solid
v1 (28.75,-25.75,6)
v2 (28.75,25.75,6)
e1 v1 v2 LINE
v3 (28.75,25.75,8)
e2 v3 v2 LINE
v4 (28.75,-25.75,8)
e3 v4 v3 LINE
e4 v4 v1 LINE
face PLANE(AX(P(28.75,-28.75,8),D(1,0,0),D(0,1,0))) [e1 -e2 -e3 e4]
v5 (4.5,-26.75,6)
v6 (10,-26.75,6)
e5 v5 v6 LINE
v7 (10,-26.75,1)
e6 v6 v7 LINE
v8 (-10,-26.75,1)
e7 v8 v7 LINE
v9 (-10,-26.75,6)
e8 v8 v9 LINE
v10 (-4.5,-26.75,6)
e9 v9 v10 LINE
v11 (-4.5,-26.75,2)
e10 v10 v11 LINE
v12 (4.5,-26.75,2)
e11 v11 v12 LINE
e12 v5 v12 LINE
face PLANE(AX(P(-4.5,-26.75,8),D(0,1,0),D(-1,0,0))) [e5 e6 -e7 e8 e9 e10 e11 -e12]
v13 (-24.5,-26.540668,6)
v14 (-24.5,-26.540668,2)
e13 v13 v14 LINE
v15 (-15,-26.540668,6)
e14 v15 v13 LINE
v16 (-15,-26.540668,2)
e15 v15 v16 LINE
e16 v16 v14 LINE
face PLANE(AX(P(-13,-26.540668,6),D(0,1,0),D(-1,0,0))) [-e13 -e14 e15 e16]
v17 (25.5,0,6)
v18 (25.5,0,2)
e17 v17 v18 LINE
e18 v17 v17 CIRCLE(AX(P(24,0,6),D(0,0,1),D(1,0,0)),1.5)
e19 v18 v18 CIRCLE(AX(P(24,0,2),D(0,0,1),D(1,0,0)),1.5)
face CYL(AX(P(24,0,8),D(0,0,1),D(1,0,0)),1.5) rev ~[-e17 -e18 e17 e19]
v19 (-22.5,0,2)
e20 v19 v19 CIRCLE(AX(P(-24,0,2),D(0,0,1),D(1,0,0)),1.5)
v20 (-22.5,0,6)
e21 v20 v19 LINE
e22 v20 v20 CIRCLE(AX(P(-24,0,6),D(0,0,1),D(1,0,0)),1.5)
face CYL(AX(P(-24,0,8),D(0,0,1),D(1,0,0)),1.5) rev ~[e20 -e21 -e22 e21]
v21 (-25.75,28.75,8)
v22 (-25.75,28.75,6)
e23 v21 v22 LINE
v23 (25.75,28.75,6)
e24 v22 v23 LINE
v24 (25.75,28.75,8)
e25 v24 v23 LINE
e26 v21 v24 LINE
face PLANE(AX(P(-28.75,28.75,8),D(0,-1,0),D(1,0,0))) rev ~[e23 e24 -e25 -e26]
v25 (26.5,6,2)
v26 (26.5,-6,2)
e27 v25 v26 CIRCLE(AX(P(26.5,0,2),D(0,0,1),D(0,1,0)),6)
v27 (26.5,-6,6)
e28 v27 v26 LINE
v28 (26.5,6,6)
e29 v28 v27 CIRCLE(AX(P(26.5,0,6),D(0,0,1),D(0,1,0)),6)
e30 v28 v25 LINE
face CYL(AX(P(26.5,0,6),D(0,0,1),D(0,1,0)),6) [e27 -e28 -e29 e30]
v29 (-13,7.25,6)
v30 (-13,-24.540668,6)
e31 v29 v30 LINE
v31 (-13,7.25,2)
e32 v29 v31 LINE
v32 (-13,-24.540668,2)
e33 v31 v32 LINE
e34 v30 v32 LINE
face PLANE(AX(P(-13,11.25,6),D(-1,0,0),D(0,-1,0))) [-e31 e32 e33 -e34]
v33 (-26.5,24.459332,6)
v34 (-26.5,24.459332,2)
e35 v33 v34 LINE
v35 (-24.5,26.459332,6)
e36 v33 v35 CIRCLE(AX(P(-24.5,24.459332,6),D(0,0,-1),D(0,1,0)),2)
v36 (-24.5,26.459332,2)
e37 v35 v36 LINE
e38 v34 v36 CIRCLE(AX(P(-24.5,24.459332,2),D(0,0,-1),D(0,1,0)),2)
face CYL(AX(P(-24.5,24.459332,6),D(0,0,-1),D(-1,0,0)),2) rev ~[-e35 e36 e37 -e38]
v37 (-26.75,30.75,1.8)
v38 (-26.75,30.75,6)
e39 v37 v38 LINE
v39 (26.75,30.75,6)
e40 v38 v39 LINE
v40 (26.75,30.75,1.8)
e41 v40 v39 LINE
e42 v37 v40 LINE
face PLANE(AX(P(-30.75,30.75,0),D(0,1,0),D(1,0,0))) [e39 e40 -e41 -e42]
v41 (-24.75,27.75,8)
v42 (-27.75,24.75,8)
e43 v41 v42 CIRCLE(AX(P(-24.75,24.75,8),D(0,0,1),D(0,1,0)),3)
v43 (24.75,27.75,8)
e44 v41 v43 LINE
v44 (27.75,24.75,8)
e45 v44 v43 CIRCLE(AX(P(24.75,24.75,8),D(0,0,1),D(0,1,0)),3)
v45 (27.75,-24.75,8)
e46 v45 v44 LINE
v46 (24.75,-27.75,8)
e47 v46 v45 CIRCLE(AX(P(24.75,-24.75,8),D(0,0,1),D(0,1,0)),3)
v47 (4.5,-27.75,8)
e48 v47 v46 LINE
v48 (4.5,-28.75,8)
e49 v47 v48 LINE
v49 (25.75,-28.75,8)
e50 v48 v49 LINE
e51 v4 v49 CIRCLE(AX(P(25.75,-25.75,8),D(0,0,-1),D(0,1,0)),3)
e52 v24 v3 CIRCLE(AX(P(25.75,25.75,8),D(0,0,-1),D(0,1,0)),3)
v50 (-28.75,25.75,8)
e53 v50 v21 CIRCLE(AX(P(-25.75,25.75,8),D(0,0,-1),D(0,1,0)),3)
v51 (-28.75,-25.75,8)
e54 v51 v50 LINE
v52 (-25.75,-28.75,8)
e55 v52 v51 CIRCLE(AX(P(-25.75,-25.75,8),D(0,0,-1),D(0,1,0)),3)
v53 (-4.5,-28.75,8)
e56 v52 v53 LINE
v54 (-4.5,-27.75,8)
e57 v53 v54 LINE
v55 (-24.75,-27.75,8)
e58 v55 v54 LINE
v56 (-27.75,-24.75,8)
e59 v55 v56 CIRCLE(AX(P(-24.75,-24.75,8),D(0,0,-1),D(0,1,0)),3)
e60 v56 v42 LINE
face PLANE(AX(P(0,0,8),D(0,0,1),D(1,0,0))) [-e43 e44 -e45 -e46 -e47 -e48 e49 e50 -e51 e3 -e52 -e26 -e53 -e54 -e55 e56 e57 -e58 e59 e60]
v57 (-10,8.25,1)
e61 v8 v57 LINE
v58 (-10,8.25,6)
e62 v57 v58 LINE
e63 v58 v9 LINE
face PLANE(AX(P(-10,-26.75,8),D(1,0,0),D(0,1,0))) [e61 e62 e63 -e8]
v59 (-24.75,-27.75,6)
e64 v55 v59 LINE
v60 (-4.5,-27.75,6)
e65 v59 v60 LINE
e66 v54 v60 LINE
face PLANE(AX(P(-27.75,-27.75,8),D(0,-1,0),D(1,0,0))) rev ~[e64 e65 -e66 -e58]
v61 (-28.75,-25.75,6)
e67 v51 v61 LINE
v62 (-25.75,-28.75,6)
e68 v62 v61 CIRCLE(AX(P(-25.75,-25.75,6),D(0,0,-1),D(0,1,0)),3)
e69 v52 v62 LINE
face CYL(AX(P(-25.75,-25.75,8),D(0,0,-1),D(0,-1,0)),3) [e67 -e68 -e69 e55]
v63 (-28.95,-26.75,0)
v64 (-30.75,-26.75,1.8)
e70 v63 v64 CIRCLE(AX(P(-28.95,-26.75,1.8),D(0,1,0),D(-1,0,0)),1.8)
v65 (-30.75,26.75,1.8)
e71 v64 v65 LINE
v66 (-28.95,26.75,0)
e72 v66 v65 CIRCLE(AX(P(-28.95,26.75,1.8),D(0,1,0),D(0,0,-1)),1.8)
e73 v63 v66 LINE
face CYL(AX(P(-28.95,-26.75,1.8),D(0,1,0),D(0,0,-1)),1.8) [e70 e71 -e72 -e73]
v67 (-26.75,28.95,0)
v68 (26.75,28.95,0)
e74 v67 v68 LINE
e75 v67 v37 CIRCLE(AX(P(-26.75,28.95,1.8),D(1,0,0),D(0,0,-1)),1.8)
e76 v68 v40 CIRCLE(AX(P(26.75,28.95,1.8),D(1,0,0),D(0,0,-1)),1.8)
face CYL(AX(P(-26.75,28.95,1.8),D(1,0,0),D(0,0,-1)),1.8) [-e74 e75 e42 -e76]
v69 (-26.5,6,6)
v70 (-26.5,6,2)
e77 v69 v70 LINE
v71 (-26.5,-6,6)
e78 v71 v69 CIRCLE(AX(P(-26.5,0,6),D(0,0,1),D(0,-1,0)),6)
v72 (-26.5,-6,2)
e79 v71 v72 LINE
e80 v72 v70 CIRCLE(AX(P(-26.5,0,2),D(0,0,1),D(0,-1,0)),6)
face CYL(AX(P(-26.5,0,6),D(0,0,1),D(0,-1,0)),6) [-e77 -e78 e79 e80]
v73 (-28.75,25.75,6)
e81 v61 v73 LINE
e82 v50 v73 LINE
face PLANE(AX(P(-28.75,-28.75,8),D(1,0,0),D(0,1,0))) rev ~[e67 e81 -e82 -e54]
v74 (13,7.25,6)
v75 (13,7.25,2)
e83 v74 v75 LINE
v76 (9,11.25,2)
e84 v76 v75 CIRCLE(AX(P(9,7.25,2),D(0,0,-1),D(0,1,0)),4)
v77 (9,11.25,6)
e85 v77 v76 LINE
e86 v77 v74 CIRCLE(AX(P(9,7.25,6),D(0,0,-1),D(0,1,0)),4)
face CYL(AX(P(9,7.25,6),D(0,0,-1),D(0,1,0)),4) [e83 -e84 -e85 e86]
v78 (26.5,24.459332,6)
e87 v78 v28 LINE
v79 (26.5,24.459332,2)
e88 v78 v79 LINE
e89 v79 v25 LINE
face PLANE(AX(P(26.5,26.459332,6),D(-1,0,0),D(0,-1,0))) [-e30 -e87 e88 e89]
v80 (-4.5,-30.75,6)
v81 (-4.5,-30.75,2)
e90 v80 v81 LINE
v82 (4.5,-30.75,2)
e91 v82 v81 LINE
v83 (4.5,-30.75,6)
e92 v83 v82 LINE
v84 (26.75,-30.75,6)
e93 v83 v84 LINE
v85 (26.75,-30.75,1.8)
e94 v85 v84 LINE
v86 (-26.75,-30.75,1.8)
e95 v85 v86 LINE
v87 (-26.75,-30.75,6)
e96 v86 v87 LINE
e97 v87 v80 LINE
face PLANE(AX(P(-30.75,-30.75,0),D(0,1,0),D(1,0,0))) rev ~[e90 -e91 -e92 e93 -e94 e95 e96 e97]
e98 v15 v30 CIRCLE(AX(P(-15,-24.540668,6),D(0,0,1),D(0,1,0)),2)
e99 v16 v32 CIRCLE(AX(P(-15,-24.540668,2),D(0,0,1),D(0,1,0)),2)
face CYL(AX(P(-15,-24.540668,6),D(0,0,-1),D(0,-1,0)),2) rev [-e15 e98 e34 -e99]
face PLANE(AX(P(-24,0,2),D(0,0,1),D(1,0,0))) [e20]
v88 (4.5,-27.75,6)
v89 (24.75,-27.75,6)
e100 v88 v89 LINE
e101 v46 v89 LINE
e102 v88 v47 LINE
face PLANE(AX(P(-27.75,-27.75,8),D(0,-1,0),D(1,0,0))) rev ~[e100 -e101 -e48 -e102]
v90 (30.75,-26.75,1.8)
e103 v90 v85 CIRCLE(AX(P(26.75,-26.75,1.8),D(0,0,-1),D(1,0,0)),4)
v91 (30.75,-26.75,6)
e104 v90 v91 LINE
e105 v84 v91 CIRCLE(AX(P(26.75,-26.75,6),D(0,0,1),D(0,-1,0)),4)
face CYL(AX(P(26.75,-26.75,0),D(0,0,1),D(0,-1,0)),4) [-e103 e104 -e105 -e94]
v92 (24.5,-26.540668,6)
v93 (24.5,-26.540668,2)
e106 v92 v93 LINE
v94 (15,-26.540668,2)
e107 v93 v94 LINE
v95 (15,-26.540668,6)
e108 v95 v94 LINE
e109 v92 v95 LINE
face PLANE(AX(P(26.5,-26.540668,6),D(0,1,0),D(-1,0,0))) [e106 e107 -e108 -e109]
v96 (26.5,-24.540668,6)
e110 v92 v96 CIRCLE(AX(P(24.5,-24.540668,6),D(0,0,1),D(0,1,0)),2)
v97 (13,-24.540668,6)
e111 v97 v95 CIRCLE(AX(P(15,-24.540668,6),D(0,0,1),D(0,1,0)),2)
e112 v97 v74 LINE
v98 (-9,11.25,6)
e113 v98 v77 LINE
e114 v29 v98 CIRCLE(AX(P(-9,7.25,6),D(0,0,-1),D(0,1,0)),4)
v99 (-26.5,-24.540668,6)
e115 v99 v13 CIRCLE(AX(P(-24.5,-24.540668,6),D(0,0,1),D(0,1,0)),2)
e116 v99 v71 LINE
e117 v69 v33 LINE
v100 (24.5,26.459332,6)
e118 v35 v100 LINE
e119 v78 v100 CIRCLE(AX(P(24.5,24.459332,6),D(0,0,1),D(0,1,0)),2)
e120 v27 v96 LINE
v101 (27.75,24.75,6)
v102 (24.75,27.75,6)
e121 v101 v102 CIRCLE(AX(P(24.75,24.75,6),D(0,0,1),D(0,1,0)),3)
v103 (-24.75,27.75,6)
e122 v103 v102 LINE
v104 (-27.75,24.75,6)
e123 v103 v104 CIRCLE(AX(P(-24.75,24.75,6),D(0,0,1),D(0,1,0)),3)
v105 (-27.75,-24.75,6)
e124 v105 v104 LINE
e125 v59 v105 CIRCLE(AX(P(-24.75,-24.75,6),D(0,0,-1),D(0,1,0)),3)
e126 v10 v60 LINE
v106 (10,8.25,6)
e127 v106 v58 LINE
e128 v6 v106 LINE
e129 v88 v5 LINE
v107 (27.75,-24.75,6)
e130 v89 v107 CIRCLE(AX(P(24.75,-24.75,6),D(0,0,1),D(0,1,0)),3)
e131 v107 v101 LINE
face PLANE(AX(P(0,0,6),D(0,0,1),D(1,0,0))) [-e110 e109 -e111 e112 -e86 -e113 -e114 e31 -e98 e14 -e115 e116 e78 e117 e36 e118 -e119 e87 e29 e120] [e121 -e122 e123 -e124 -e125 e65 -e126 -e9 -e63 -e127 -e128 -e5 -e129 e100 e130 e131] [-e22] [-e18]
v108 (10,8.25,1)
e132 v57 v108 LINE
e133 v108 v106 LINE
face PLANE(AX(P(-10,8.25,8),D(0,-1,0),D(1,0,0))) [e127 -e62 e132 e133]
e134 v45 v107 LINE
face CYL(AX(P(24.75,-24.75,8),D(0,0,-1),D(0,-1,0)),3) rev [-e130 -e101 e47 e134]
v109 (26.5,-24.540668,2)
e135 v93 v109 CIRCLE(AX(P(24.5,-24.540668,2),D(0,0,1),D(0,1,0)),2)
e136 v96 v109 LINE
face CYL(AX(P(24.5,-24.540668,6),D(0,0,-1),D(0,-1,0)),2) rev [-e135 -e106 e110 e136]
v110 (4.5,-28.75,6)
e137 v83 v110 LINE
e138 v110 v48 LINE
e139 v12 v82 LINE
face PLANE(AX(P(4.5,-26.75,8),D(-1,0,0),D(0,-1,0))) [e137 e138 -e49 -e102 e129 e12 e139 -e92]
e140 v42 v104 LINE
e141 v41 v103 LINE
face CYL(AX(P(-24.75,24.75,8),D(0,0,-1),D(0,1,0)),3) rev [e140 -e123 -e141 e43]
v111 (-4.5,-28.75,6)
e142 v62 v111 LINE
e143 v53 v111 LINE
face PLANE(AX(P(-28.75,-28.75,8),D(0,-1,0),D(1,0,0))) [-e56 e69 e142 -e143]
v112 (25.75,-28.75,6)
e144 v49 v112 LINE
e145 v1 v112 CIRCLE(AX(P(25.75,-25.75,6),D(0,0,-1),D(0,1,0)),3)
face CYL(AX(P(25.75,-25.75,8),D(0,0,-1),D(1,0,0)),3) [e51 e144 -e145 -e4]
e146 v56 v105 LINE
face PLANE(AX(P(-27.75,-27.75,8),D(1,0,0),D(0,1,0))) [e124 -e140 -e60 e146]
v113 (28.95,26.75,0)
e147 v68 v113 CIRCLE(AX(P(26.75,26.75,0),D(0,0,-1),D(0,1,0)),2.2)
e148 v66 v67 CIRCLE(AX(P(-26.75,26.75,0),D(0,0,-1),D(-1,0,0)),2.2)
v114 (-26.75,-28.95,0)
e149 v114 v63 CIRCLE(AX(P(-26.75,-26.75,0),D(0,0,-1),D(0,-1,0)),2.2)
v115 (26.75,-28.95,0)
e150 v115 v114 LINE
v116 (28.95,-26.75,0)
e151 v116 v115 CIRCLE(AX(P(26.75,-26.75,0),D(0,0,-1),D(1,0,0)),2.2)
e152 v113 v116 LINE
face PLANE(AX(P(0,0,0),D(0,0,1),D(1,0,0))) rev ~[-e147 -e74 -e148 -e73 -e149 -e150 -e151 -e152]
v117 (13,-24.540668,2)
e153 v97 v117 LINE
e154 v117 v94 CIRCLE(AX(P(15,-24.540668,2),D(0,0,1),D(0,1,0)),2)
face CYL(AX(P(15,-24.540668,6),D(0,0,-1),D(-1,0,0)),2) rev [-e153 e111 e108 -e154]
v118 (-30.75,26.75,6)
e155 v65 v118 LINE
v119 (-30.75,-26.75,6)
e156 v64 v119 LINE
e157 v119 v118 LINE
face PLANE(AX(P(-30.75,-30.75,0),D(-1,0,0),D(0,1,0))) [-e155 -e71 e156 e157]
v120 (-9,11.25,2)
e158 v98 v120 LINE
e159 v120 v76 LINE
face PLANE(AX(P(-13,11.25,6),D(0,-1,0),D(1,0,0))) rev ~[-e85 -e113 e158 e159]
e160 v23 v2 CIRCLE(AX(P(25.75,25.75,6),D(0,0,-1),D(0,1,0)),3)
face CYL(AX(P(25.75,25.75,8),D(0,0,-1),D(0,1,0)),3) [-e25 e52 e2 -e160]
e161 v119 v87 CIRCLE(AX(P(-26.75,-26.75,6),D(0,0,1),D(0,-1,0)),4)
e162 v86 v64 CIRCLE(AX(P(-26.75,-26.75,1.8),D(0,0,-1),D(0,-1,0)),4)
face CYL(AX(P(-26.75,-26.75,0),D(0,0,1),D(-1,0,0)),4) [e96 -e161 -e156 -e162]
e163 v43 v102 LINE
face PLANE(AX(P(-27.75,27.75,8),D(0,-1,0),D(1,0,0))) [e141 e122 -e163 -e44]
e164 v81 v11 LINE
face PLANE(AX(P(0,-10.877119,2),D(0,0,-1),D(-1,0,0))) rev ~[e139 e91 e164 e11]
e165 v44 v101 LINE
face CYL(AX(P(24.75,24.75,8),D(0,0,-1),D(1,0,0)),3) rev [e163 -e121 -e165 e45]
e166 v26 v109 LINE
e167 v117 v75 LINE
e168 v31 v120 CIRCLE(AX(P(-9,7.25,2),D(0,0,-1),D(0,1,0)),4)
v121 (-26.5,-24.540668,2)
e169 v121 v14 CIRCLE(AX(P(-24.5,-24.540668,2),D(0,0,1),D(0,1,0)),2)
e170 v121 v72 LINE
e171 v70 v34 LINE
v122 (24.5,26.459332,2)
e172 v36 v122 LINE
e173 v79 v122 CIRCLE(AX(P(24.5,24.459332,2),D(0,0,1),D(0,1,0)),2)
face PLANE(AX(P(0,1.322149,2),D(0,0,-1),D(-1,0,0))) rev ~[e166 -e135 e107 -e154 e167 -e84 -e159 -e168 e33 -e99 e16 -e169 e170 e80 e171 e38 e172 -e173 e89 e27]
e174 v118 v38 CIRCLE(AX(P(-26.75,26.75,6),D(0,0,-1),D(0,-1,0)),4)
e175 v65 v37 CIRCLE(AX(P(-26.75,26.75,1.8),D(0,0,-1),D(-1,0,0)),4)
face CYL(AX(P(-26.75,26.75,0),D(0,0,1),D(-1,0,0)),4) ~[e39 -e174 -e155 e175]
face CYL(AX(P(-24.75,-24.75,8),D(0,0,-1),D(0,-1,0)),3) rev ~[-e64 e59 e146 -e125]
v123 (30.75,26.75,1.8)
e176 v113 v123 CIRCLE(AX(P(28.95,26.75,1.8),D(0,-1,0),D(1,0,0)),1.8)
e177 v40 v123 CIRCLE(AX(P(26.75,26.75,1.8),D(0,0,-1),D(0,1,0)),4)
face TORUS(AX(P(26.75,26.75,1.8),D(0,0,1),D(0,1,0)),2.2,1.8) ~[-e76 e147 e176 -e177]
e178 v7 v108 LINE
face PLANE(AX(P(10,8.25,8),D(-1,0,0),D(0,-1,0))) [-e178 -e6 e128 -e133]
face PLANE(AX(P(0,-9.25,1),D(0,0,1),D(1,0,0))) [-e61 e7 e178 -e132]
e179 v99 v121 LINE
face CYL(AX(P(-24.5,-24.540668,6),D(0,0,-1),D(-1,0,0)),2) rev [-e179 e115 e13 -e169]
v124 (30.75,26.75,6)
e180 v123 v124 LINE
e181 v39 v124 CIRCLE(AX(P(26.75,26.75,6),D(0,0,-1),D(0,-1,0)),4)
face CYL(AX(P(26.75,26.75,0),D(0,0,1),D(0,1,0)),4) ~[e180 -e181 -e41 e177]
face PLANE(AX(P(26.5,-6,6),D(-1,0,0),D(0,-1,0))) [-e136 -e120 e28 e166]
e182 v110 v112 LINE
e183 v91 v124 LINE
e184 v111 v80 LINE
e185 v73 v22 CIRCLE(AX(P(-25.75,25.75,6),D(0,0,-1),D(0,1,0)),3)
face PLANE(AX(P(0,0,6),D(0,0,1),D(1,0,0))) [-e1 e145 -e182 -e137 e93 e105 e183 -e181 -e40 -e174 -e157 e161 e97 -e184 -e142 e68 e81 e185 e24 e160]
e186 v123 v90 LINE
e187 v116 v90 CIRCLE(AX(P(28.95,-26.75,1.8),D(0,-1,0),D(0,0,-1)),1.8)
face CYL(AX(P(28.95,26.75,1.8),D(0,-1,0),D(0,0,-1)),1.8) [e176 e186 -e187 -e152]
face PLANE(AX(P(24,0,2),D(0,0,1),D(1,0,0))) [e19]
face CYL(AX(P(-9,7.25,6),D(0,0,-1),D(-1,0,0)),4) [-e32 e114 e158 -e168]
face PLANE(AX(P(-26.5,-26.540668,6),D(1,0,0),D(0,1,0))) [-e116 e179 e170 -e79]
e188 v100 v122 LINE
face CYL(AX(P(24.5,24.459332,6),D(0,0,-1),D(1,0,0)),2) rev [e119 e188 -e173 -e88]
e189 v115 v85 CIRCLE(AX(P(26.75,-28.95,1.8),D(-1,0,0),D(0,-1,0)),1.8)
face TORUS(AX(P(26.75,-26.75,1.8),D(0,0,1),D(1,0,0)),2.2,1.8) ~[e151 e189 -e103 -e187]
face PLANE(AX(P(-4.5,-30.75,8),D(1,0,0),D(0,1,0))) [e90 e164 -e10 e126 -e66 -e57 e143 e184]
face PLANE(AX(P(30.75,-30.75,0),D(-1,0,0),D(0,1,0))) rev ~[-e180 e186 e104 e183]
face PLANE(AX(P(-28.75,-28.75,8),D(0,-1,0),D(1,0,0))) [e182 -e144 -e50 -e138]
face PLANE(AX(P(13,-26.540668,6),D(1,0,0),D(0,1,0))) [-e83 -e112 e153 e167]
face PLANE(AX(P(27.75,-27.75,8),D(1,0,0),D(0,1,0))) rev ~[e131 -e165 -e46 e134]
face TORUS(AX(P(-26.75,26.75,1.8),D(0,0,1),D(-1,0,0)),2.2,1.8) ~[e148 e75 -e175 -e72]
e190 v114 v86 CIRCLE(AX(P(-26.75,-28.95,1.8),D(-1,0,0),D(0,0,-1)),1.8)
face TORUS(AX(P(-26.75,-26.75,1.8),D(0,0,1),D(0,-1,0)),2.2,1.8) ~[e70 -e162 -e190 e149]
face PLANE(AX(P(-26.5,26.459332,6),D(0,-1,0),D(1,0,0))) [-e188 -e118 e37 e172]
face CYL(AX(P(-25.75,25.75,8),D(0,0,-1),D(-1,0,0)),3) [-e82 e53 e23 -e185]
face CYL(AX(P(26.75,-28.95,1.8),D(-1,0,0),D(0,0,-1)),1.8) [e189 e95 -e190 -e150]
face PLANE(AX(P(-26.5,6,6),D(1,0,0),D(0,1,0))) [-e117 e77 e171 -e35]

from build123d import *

# Parameters (mm, degrees)
SKETCH_W        = 61.5
SKETCH_H        = 61.5
PAD_DEPTH       = 8
SKETCH001_R     = 1.5
POCKET_DEPTH    = 6
SKETCH002_W     = 61.5
SKETCH002_H     = 61.5
SKETCH002_W_2   = 57.5
SKETCH002_H_2   = 57.5
POCKET001_DEPTH = 2
SKETCH003_W     = 55.5
SKETCH003_H     = 55.5
POCKET002_DEPTH = 2
FILLET_R        = 4
FILLET001_R     = 3
SKETCH004_W     = 20
SKETCH004_H     = 35
POCKET003_DEPTH = 1
POCKET004_DEPTH = 4
FILLET002_R     = 2
FILLET003_R     = 4
FILLET004_R     = 1.8


with BuildPart() as part:
    # Sketch → Pad (new body)
    with BuildSketch(Plane.XY):
        Rectangle(SKETCH_W, SKETCH_H)
    extrude(amount=PAD_DEPTH)

    # Sketch001 (on Face6 of Pad) → Pocket (cut)
    with BuildSketch(Plane.XY.offset(8)):
        with Locations((-24, 0)):
            Circle(SKETCH001_R)
        with Locations((24, 0)):
            Circle(SKETCH001_R)
        Polygon((-10, 8.25), (10, 8.25), (10, -26.75), (4.5, -26.75), (4.5, -30.75), (-4.5, -30.75), (-4.5, -26.75), (-10, -26.75), align=None)
    extrude(amount=-POCKET_DEPTH, mode=Mode.SUBTRACT)

    # Sketch002 (on Face5 of Pocket) → Pocket001 (cut)
    with BuildSketch(Plane.XY.offset(8)):
        Rectangle(SKETCH002_W, SKETCH002_H)
        Rectangle(SKETCH002_W_2, SKETCH002_H_2, mode=Mode.SUBTRACT)
    extrude(amount=-POCKET001_DEPTH, mode=Mode.SUBTRACT)

    # Sketch003 (on Face15 of Pocket001) → Pocket002 (cut)
    with BuildSketch(Plane.XY.offset(8)):
        Rectangle(SKETCH003_W, SKETCH003_H)
    extrude(amount=-POCKET002_DEPTH, mode=Mode.SUBTRACT)

    # Fillet
    fillet_edges = [part.edges().sort_by_distance(p)[0] for p in [
        (-30.75, -30.75, 3),
        (30.75, -30.75, 3),
        (-30.75, 30.75, 3),
        (30.75, 30.75, 3),
    ]]
    fillet(fillet_edges, radius=FILLET_R)

    # Fillet001
    fillet001_edges = [part.edges().sort_by_distance(p)[0] for p in [
        (28.75, -28.75, 7),
        (28.75, 28.75, 7),
        (-28.75, -28.75, 7),
        (-28.75, 28.75, 7),
        (27.75, 27.75, 7),
        (-27.75, 27.75, 7),
        (-27.75, -27.75, 7),
        (27.75, -27.75, 7),
    ]]
    fillet(fillet001_edges, radius=FILLET001_R)

    # Sketch004 (on Face25 of Fillet001) → Pocket003 (cut)
    with BuildSketch(Plane.XY.offset(2)):
        with Locations((0, -9.25)):
            Rectangle(SKETCH004_W, SKETCH004_H)
    extrude(amount=-POCKET003_DEPTH, mode=Mode.SUBTRACT)

    # Sketch005 (on Face23 of Pocket003) → Pocket004 (cut)
    with BuildSketch(Plane.XY.offset(6)):
        with BuildLine():
            Line((-26.5, 26.459332), (26.5, 26.459332))
            Line((26.5, 26.459332), (26.5, 6))
            ThreePointArc((26.5, 6), (20.5, 0), (26.5, -6))
            Line((26.5, -6), (26.5, -26.540668))
            Line((26.5, -26.540668), (13, -26.540668))
            Line((13, -26.540668), (13, 11.25))
            Line((-13, 11.25), (13, 11.25))
            Line((-13, 11.25), (-13, -26.540668))
            Line((-13, -26.540668), (-26.5, -26.540668))
            Line((-26.5, -26.540668), (-26.5, -6))
            ThreePointArc((-26.5, -6), (-20.5, 0), (-26.5, 6))
            Line((-26.5, 6), (-26.5, 26.459332))
        make_face()
    extrude(amount=-POCKET004_DEPTH, mode=Mode.SUBTRACT)

    # Fillet002
    fillet002_edges = [part.edges().sort_by_distance(p)[0] for p in [
        (-26.5, 26.459332, 4),
        (26.5, 26.459332, 4),
        (-26.5, -26.540668, 4),
        (26.5, -26.540668, 4),
        (-13, -26.540668, 4),
        (13, -26.540668, 4),
    ]]
    fillet(fillet002_edges, radius=FILLET002_R)

    # Fillet003
    fillet003_edges = [part.edges().sort_by_distance(p)[0] for p in [
        (13, 11.25, 4),
        (-13, 11.25, 4),
    ]]
    fillet(fillet003_edges, radius=FILLET003_R)

    # Fillet004
    fillet004_edges = [part.edges().sort_by_distance(p)[0] for p in [
        (0, 30.75, 0),
        (-29.578427, 29.578427, 0),
        (29.578427, 29.578427, 0),
        (-30.75, 0, 0),
        (30.75, 0, 0),
        (-29.578427, -29.578427, 0),
        (29.578427, -29.578427, 0),
        (0, -30.75, 0),
    ]]
    fillet(fillet004_edges, radius=FILLET004_R)


solid = part.part
